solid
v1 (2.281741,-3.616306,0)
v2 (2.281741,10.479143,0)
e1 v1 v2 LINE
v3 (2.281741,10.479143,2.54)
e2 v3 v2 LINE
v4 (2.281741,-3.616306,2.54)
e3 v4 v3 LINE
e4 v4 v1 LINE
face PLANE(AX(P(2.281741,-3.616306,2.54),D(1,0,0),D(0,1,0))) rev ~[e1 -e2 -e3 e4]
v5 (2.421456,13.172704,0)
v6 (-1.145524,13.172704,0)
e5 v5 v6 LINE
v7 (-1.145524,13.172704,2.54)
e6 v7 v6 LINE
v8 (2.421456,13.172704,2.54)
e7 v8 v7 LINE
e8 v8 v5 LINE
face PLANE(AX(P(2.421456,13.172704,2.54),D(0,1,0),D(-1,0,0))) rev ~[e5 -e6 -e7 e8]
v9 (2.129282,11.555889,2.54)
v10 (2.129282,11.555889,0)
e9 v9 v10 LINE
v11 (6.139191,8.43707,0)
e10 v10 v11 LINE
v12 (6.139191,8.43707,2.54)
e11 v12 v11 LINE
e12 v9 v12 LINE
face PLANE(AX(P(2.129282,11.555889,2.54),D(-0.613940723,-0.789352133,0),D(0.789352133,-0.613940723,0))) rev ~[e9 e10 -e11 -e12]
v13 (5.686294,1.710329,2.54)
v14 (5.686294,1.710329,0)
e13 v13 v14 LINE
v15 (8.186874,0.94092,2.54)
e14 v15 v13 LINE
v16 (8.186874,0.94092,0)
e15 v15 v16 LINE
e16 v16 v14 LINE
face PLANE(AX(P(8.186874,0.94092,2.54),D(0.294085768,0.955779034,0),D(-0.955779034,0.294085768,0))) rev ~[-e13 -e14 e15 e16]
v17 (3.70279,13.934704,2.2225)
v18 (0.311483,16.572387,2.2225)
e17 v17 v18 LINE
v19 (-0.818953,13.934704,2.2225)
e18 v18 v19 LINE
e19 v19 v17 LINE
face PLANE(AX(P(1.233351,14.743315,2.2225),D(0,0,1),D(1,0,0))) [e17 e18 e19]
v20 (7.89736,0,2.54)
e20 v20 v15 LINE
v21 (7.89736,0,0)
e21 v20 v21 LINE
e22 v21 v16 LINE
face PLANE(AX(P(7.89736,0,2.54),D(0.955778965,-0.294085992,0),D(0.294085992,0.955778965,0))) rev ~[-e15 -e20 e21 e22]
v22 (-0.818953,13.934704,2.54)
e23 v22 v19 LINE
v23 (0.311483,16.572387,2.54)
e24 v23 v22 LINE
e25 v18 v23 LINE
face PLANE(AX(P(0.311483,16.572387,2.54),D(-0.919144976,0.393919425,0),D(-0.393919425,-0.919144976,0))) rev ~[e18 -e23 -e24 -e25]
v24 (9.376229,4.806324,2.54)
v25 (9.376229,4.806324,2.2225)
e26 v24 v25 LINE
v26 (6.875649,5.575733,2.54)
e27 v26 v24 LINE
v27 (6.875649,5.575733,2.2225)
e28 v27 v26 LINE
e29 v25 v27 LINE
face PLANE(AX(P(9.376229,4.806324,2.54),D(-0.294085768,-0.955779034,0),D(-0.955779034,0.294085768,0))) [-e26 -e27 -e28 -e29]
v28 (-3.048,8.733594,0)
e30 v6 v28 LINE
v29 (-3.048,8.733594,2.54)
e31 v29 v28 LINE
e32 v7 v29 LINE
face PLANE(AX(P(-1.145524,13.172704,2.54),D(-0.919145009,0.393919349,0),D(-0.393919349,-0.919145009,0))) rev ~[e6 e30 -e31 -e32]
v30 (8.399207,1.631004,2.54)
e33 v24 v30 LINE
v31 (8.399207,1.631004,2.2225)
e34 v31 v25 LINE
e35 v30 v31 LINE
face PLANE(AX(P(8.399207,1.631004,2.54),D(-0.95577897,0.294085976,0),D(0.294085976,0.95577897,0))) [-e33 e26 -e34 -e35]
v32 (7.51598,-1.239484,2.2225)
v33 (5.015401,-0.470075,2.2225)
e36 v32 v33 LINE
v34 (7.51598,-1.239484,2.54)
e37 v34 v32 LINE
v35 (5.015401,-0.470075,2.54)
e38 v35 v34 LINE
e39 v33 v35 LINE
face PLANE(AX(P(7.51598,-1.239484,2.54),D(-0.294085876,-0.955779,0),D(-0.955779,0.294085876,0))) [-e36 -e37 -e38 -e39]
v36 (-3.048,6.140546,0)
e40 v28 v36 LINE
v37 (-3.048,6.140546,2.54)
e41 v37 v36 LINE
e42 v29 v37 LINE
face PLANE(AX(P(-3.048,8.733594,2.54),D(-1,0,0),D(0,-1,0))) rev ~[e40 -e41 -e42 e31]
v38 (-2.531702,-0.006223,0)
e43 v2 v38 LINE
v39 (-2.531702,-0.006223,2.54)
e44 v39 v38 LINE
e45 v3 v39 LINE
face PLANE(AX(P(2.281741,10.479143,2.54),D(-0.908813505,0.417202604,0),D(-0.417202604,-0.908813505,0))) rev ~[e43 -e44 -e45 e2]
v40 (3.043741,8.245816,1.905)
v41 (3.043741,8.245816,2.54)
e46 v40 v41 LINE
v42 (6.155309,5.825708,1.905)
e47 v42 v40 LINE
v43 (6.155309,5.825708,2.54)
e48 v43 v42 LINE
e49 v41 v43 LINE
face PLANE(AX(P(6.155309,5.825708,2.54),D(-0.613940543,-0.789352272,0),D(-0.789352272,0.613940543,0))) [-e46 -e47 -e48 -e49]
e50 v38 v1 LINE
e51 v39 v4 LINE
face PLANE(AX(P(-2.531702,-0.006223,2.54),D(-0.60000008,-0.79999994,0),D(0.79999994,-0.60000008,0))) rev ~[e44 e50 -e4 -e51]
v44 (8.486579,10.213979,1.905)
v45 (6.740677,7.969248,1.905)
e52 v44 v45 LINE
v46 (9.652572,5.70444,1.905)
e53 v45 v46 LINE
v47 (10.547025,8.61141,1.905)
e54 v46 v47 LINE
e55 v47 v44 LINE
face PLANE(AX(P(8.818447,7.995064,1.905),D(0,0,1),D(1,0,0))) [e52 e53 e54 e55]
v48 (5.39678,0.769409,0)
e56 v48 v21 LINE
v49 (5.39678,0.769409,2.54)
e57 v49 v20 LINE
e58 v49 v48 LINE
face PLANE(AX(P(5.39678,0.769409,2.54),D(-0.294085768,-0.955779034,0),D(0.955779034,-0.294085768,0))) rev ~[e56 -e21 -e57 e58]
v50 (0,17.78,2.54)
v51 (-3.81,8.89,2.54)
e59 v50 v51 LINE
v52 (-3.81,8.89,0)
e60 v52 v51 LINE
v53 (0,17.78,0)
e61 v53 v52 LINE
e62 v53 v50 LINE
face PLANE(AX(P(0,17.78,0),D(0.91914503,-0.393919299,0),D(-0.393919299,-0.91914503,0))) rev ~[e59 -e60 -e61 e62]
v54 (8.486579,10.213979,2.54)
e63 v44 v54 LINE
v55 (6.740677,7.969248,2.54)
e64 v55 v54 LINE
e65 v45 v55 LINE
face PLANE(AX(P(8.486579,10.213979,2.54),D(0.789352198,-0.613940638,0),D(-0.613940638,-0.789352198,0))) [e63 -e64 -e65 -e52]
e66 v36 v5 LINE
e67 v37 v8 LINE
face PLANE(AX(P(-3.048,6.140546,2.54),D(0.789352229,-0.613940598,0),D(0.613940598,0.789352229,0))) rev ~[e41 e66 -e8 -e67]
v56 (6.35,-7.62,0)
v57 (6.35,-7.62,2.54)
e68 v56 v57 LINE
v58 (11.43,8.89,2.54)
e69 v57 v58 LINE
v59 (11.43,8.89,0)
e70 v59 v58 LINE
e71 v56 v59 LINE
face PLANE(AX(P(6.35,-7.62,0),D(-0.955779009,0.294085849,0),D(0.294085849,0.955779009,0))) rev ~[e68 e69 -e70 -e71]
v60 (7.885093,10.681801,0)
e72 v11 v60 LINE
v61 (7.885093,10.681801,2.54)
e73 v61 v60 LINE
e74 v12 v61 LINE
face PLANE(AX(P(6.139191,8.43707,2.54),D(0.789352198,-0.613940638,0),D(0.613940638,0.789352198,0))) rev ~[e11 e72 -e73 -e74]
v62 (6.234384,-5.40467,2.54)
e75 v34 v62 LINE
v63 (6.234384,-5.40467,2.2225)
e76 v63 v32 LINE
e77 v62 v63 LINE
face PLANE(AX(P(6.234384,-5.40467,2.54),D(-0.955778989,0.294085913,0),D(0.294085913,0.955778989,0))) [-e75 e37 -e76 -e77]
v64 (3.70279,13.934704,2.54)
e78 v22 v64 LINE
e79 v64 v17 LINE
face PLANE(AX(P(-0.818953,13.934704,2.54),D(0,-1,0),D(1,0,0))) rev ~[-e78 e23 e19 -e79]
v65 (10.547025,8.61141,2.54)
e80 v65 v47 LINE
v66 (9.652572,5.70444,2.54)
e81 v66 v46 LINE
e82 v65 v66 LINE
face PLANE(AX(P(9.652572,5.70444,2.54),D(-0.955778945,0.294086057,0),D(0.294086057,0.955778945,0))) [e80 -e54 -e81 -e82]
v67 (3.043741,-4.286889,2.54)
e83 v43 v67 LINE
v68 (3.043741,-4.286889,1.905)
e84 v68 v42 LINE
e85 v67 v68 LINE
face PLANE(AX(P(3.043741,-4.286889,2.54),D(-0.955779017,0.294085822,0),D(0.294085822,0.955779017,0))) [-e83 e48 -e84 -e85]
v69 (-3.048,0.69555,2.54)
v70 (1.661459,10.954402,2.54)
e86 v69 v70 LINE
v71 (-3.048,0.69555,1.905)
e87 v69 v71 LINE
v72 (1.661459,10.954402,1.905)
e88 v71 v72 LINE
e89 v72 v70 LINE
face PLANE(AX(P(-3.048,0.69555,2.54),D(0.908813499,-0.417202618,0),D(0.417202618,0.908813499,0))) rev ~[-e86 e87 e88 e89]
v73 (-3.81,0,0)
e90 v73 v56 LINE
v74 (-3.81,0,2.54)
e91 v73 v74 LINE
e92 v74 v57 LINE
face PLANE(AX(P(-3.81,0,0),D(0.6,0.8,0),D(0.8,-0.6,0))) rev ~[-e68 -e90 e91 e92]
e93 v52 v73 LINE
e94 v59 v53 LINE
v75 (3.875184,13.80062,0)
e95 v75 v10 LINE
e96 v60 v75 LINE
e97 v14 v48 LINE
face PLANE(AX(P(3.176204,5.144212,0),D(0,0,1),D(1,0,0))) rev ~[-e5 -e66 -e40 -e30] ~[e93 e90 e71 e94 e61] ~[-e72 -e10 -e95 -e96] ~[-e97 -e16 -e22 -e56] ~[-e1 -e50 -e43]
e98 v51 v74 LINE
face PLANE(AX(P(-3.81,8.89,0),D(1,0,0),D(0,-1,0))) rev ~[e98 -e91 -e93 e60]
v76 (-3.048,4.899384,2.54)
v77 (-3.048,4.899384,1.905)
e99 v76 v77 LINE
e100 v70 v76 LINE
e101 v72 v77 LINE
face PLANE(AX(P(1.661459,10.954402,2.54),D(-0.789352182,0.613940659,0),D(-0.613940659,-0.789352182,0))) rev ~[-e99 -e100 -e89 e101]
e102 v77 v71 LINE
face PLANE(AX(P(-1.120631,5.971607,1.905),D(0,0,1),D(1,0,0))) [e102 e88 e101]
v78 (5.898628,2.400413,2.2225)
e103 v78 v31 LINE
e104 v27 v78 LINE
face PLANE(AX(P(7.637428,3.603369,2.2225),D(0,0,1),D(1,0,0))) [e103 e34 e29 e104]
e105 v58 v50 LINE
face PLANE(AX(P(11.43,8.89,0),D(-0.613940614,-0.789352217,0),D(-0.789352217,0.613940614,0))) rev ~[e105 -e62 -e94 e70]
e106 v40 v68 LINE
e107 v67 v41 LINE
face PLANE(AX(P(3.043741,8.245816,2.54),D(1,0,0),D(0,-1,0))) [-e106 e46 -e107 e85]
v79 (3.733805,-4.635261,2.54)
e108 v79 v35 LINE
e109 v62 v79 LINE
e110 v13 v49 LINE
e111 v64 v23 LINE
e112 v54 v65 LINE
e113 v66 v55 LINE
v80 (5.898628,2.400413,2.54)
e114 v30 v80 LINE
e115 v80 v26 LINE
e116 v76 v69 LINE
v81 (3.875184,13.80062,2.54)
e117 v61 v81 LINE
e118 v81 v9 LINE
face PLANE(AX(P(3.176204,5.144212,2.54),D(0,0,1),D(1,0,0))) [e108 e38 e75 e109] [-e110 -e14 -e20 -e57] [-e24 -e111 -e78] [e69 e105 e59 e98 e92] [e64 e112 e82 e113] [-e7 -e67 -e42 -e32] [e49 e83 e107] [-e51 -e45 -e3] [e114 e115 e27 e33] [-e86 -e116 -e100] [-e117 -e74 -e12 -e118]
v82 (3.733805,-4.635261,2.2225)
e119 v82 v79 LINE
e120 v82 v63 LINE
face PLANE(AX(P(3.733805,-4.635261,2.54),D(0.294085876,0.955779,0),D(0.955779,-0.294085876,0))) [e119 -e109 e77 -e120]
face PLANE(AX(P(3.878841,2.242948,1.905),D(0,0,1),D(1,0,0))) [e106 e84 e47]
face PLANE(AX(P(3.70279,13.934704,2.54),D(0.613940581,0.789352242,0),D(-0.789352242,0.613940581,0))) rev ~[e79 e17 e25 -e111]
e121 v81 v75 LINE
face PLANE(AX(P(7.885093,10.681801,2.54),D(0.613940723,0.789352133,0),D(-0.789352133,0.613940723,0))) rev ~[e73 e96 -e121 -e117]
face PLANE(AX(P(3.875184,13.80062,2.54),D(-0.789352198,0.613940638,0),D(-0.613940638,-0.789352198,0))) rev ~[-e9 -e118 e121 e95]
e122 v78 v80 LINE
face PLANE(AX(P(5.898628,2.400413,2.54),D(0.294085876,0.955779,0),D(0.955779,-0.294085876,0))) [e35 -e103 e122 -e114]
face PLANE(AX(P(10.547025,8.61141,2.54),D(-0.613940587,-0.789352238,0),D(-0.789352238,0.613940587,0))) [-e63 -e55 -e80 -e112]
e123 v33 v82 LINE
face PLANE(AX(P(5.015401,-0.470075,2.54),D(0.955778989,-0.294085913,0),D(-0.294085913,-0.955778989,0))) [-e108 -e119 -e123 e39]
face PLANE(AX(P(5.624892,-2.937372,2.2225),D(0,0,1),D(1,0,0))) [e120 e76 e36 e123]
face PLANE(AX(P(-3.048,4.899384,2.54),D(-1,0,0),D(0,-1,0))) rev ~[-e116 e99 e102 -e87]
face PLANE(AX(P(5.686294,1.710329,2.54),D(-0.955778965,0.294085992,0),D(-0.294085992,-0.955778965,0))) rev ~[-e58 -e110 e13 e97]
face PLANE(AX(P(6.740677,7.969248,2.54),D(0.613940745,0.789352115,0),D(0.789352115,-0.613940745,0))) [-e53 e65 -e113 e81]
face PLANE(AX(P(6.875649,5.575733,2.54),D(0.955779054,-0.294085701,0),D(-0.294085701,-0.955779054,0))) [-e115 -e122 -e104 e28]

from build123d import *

# Parameters (mm, degrees)
F1_DEPTH = 2.54
F3_DEPTH = 2.541
F4_DEPTH = 0.635
F5_DEPTH = 0.3175


with BuildPart() as f1:
    # F0 (on Top) → F1 (new body)
    with BuildSketch(Plane.XY):
        Polygon((11.43, 8.89), (0, 17.78), (-3.81, 8.89), (-3.81, 0), (6.35, -7.62), align=None)
    extrude(amount=F1_DEPTH)

    # F2 (on face) → F3 (cut, through all)
    with BuildSketch(Plane.XY.offset(2.54)):
        Polygon((-3.048, 6.140546), (2.421456, 13.172704), (-1.145524, 13.172704), (-3.048, 8.733594), align=None)
        Polygon((7.885093, 10.681801), (3.875184, 13.80062), (2.129282, 11.555889), (6.139191, 8.43707), align=None)
        Polygon((2.281741, -3.616306), (2.281741, 10.479143), (-2.531702, -0.006223), align=None)
        Polygon((8.186874, 0.94092), (5.686294, 1.710329), (5.39678, 0.769409), (7.89736, 0), align=None)
    extrude(amount=-F3_DEPTH, mode=Mode.SUBTRACT)

    # F2 (on face) → F4 (cut, symmetric)
    with BuildSketch(Plane.XY.offset(2.54)):
        Polygon((6.155309, 5.825708), (3.043741, 8.245816), (3.043741, -4.286889), align=None)
        Polygon((10.547025, 8.61141), (8.486579, 10.213979), (6.740677, 7.969248), (9.652572, 5.70444), align=None)
        Polygon((-3.048, 0.69555), (1.661459, 10.954402), (-3.048, 4.899384), align=None)
    extrude(amount=F4_DEPTH, both=True, mode=Mode.SUBTRACT)

    # F2 (on face) → F5 (cut, symmetric)
    with BuildSketch(Plane.XY.offset(2.54)):
        Polygon((7.51598, -1.239484), (5.015401, -0.470075), (3.733805, -4.635261), (6.234384, -5.40467), align=None)
        Polygon((9.376229, 4.806324), (6.875649, 5.575733), (5.898628, 2.400413), (8.399207, 1.631004), align=None)
        Polygon((3.70279, 13.934704), (0.311483, 16.572387), (-0.818953, 13.934704), align=None)
    extrude(amount=F5_DEPTH, both=True, mode=Mode.SUBTRACT)


solid = f1.part
